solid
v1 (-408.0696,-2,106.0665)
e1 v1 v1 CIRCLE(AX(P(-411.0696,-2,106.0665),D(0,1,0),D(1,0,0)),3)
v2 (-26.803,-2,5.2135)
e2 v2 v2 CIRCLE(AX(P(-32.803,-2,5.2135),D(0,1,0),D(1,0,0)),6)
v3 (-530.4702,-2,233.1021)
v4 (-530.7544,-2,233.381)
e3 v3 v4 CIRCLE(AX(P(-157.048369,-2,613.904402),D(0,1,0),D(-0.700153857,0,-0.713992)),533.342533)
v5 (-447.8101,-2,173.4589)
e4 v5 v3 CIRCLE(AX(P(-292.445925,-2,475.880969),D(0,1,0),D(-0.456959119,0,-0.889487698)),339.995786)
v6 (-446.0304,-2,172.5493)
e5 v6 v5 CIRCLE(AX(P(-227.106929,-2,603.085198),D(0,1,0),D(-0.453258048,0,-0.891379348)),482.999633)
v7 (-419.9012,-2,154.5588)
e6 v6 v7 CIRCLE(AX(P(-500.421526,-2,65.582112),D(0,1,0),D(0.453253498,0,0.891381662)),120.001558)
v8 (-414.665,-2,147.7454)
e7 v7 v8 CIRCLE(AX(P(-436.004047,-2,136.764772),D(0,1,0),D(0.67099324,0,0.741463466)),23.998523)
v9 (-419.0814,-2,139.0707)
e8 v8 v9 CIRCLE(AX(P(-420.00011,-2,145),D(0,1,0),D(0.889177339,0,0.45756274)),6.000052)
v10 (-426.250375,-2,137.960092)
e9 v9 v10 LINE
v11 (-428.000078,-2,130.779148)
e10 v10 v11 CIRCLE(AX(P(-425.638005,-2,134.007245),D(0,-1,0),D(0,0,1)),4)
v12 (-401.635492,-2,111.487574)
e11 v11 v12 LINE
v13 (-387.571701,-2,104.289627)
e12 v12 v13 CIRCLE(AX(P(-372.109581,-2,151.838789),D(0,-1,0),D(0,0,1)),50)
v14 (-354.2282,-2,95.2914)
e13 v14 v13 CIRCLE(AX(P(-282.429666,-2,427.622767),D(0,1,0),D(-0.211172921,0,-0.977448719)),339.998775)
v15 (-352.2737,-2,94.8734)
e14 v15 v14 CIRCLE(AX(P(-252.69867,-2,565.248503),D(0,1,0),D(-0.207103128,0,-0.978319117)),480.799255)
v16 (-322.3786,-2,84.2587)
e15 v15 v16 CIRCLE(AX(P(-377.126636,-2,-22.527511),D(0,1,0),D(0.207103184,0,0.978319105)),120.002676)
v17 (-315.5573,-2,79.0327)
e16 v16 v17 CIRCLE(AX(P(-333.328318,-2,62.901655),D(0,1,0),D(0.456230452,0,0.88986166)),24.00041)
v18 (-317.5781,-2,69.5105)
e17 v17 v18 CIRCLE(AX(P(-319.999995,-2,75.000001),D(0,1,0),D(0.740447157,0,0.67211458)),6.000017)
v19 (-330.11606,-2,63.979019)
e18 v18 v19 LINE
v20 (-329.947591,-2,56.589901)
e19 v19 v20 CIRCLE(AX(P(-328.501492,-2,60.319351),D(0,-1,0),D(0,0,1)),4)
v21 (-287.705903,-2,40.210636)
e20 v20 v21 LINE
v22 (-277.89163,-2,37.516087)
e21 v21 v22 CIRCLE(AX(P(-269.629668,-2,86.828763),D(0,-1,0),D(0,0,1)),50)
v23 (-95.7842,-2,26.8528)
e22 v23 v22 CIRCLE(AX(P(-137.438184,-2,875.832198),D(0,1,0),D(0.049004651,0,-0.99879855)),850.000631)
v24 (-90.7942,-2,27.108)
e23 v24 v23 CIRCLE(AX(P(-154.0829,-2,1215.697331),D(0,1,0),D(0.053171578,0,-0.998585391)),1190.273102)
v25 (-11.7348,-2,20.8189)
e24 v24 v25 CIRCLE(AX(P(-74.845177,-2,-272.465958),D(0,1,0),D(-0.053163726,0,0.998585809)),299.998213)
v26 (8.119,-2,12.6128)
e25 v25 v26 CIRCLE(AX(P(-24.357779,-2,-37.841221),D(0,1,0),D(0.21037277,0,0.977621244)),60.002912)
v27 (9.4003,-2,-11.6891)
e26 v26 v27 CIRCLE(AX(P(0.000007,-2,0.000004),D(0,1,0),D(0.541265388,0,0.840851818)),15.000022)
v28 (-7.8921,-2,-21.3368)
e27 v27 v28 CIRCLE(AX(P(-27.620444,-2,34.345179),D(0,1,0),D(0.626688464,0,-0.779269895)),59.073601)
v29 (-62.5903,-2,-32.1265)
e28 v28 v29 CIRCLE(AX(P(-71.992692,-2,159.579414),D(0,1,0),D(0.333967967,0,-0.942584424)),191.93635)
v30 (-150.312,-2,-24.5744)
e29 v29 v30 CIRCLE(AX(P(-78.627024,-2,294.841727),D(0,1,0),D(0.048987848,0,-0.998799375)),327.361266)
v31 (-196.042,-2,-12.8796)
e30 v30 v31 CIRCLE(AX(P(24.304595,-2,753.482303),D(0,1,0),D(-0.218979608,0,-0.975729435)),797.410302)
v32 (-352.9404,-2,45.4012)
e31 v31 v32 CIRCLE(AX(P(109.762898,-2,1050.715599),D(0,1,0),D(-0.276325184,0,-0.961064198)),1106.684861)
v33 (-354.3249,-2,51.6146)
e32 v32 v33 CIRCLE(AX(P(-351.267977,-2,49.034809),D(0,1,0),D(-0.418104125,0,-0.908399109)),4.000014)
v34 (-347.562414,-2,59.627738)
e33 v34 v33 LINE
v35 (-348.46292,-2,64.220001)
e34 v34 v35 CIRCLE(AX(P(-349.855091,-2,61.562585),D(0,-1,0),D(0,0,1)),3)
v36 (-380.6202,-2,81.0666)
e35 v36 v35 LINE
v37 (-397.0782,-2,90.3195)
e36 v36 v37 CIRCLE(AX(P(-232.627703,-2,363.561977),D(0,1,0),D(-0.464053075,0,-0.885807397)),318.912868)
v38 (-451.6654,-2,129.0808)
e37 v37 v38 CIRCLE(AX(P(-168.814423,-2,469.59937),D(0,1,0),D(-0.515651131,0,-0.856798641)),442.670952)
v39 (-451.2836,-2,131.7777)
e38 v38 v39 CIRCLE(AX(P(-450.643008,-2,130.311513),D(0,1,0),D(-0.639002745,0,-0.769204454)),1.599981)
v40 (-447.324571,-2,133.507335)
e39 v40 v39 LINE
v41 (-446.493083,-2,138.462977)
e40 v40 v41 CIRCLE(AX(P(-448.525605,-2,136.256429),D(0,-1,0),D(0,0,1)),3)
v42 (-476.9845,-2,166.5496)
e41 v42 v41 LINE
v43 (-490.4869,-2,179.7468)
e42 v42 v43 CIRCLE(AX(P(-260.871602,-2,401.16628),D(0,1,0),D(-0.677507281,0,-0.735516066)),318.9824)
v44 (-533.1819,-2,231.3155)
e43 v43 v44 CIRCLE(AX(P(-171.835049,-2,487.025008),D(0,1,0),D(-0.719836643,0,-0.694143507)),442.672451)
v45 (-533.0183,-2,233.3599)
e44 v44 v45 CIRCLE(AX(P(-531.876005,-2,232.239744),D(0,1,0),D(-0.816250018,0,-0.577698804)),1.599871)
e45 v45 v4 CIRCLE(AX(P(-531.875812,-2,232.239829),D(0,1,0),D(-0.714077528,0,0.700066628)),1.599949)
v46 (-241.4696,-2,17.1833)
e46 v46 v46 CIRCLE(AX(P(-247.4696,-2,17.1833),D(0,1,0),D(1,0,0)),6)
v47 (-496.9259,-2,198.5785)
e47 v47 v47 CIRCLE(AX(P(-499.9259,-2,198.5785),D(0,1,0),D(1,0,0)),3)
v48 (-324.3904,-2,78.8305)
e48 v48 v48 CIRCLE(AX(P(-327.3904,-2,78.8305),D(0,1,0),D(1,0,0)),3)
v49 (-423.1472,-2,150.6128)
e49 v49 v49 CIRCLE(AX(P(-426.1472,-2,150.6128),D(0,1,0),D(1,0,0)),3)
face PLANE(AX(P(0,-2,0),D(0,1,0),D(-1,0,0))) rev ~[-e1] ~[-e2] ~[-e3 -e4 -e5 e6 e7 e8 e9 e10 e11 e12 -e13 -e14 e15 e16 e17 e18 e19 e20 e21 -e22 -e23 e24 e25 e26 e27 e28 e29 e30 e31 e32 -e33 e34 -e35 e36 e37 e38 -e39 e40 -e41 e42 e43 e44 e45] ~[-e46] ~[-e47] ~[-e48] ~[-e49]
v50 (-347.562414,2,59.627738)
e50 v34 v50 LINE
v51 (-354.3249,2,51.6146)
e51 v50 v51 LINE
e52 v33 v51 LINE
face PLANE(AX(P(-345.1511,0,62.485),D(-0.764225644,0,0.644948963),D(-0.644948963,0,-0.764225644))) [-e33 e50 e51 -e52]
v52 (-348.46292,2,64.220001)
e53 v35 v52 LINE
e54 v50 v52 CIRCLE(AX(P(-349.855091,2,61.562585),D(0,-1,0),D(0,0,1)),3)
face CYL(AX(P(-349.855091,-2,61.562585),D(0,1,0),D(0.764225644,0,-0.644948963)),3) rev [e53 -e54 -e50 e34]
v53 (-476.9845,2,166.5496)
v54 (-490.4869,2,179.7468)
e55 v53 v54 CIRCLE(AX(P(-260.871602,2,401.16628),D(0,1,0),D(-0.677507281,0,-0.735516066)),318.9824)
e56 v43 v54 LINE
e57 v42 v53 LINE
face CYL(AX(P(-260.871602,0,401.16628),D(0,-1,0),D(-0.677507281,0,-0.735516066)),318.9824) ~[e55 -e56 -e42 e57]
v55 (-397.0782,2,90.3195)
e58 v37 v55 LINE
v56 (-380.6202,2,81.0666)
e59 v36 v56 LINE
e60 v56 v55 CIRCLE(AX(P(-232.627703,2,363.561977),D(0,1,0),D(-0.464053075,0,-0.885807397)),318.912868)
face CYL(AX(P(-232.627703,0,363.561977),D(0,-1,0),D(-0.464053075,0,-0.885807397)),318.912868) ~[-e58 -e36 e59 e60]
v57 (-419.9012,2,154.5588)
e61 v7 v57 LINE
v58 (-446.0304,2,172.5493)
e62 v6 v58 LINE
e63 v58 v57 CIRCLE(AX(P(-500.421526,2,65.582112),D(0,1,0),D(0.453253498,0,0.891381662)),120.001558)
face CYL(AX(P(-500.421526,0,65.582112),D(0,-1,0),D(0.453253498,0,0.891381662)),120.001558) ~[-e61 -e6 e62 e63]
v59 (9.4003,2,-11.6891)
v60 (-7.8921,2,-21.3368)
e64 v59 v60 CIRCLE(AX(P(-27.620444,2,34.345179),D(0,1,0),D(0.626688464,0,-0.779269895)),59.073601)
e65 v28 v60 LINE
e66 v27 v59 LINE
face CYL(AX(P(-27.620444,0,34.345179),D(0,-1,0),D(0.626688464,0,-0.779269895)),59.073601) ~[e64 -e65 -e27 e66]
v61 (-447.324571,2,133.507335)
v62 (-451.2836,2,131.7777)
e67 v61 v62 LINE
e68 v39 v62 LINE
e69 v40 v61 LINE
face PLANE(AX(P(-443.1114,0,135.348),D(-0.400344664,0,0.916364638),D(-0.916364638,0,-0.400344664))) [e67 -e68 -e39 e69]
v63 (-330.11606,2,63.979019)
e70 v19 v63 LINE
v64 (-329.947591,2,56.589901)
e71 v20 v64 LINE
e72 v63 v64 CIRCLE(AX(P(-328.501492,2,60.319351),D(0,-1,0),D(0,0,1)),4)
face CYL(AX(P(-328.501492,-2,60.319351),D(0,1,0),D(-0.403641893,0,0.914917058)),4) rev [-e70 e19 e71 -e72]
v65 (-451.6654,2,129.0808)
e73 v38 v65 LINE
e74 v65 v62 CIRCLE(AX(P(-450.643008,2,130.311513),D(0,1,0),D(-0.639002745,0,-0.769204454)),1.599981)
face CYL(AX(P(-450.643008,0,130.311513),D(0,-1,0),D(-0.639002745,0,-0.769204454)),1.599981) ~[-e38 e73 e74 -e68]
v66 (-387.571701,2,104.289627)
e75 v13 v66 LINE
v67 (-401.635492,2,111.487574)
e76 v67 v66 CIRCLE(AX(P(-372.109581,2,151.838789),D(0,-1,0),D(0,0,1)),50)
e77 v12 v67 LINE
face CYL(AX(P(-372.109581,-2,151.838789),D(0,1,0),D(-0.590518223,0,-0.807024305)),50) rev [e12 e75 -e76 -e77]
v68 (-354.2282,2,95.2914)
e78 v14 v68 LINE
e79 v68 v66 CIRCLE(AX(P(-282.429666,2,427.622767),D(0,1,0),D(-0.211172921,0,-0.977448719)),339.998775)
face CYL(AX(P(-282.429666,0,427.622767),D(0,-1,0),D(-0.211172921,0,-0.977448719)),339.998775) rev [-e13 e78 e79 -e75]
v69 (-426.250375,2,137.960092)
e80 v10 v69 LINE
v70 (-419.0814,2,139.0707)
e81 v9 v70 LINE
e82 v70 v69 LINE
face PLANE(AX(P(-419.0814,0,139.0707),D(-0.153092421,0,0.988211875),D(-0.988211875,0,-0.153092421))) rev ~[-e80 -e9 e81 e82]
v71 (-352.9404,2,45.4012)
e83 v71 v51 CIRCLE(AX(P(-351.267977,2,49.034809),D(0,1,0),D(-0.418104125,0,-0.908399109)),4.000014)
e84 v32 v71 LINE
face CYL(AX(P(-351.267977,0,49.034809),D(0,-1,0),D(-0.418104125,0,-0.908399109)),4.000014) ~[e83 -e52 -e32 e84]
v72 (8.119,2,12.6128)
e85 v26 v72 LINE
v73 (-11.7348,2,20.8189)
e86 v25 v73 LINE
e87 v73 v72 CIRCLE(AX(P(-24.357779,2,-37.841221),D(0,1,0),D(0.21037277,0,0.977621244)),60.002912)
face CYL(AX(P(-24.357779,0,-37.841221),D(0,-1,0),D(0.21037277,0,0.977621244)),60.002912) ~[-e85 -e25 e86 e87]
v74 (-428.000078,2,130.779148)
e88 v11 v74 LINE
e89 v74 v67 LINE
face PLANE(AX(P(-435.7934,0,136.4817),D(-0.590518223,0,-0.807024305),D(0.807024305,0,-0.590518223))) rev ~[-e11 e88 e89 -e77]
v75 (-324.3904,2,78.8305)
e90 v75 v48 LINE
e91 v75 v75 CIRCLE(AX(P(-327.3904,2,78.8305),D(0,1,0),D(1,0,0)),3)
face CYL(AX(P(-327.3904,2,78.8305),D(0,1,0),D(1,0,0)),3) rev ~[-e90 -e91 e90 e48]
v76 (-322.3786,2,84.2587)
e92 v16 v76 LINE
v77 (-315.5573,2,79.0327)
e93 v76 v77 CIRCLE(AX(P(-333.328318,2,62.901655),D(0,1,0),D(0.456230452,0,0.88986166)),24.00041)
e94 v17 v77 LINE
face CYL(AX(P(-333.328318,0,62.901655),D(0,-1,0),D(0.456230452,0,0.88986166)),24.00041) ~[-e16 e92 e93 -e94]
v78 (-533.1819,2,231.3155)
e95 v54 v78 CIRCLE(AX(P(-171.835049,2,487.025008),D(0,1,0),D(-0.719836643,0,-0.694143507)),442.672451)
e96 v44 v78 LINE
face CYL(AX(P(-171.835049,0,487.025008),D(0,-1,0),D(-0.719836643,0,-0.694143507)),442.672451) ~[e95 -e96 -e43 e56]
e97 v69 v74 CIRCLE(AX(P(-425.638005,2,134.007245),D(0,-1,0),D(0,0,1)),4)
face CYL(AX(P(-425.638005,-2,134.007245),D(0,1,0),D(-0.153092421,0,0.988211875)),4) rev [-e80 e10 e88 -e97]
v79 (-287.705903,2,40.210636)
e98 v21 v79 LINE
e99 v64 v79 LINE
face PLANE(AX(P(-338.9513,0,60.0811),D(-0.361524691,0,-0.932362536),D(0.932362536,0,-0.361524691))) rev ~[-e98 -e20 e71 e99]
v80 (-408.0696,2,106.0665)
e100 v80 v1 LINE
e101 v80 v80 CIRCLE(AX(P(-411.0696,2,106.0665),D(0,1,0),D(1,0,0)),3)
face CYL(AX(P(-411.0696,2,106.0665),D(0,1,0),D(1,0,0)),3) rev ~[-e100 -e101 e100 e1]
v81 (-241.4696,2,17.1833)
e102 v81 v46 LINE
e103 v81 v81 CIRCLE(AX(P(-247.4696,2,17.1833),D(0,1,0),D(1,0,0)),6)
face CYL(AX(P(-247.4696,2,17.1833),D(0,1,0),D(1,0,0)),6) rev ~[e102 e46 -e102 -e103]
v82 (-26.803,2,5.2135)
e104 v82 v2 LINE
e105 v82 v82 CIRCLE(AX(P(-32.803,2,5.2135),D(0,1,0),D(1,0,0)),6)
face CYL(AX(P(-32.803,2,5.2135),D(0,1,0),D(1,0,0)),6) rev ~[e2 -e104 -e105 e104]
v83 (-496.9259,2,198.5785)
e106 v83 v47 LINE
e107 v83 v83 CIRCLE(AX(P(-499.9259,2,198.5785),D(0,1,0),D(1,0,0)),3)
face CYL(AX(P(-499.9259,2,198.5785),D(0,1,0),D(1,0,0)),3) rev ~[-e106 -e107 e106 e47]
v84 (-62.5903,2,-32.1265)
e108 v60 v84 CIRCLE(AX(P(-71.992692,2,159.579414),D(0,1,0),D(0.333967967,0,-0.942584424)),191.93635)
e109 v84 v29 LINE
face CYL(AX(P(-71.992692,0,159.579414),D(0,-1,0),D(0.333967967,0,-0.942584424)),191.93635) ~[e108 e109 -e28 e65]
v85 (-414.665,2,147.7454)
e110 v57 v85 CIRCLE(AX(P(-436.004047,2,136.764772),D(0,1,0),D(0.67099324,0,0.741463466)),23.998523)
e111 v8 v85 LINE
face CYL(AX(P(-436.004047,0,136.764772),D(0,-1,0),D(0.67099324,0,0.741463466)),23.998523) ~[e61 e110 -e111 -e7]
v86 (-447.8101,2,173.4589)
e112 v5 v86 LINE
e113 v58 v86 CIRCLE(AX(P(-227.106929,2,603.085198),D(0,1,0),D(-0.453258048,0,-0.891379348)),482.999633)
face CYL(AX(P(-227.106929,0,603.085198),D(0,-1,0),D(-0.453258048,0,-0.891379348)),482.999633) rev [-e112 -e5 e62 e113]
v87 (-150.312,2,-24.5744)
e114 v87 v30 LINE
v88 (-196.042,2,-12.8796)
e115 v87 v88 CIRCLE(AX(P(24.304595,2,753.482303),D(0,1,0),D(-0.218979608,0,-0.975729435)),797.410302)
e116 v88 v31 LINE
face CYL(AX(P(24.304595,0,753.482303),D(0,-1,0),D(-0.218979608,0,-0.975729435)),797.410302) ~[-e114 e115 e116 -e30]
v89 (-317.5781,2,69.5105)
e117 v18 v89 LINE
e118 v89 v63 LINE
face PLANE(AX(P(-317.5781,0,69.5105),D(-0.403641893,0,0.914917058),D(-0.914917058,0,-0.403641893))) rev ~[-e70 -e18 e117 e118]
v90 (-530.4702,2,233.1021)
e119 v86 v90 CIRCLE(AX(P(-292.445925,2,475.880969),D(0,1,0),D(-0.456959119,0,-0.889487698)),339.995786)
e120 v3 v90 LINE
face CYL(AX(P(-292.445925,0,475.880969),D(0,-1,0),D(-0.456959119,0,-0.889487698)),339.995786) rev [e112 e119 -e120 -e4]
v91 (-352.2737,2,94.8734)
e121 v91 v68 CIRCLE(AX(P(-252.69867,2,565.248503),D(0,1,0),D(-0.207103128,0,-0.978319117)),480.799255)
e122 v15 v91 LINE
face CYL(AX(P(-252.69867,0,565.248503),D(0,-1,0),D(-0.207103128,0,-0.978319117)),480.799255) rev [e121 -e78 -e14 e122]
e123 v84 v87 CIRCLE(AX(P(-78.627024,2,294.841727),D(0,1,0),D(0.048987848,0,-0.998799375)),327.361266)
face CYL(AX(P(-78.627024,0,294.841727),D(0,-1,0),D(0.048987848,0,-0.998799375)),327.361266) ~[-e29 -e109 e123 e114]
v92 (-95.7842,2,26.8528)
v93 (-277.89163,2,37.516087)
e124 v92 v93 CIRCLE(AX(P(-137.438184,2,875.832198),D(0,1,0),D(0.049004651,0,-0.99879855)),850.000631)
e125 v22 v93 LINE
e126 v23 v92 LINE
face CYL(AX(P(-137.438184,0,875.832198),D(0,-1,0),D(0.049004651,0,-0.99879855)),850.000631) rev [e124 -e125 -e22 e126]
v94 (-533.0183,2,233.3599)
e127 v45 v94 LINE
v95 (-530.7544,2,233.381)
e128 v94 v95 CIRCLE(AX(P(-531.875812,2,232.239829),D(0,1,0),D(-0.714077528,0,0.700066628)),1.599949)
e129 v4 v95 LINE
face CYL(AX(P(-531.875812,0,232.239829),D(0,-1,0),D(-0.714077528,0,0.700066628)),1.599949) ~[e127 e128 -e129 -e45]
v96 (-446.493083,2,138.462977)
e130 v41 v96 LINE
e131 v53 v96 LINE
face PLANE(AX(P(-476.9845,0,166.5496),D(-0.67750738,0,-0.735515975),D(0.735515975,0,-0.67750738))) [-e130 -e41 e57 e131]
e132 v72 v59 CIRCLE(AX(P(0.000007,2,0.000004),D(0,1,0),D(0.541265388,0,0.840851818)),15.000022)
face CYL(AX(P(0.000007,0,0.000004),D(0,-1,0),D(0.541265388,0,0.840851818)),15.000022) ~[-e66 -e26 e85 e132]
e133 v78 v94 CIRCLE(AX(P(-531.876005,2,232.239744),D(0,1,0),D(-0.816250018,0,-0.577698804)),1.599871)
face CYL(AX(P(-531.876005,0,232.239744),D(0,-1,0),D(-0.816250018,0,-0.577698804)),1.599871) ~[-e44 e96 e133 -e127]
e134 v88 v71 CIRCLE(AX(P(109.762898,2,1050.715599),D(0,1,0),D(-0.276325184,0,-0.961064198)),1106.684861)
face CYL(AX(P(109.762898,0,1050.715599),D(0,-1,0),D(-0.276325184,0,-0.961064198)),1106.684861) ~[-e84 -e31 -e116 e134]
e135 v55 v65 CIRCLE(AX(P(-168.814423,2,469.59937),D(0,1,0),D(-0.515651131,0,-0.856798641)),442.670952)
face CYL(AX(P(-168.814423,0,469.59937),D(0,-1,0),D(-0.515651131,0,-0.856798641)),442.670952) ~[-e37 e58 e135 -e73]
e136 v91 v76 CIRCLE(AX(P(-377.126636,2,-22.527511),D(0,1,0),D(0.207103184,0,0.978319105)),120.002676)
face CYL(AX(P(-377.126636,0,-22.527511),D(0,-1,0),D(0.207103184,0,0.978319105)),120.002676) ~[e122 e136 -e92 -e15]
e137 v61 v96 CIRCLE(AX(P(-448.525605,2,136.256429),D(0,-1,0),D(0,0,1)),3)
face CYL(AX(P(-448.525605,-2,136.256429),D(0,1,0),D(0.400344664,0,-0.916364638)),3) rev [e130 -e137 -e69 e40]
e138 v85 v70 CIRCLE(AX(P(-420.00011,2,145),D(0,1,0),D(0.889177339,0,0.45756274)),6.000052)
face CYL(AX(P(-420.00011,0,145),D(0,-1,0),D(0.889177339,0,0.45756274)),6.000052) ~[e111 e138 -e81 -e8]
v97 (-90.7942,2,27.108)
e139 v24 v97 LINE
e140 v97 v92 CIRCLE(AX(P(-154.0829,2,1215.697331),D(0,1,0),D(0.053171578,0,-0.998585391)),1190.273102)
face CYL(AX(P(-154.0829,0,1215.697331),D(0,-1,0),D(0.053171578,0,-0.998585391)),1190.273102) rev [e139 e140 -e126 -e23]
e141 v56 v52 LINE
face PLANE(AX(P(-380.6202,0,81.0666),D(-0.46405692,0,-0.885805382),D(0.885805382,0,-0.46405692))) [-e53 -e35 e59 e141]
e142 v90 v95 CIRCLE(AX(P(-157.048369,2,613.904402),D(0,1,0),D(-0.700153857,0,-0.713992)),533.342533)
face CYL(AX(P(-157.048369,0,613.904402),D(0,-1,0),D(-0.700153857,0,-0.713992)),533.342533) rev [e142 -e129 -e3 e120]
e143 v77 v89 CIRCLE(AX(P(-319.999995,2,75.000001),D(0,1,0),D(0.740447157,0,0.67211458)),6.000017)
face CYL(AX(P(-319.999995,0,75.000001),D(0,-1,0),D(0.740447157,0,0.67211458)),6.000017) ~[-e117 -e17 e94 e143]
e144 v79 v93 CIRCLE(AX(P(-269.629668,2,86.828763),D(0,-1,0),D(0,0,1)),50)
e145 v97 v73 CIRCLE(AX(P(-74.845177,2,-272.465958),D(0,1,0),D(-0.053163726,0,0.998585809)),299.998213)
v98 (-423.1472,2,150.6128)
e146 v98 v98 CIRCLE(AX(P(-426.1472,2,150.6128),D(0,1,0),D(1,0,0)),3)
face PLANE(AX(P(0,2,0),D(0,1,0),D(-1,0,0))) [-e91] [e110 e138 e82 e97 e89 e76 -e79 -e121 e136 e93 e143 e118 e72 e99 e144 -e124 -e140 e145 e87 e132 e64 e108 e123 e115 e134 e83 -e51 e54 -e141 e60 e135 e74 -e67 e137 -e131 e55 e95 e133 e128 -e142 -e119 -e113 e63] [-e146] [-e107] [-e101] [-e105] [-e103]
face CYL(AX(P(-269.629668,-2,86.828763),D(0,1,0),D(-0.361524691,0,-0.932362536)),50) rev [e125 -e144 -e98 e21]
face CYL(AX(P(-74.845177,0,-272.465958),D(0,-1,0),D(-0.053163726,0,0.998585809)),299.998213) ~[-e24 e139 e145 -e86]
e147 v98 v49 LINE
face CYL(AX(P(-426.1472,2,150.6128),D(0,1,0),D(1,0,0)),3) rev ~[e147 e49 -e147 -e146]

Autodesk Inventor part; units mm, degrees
ref_plane "YZ Plane" through (0, 0, 0) normal (1, 0, 0) x (0, 1, 0)
ref_plane "XZ Plane" through (0, 0, 0) normal (0, 1, 0) x (-1, 0, 0)
ref_plane "XY Plane" through (0, 0, 0) normal (0, 0, 1) x (1, 0, 0)
sketch "スケッチ1" plane through (0, 0, 0) normal (0, 1, 0) x (-1, 0, 0)
  arc A0 (352.9404, 45.4012) -> (350.2664, 52.9074) centre (351.268, 49.0348) ccw projected
  arc A1 (196.042, -12.8796) -> (352.9404, 45.4012) centre (-109.7603, 1050.7077) ccw projected
  arc A2 (150.312, -24.5744) -> (196.042, -12.8796) centre (-24.3171, 753.5344) ccw projected
  arc A3 (62.5903, -32.1265) -> (150.312, -24.5744) centre (78.6271, 294.8376) ccw projected
  arc A4 (7.8921, -21.3368) -> (62.5903, -32.1265) centre (71.9931, 159.5809) ccw projected
  arc A5 (-9.4003, -11.6891) -> (7.8921, -21.3368) centre (27.6212, 34.3463) ccw projected
  arc A6 (-8.119, 12.6128) -> (-9.4003, -11.6891) centre (0, 0) ccw projected
  arc A7 (11.7348, 20.8189) -> (-8.119, 12.6128) centre (24.3569, -37.8384) ccw projected
  arc A8 (90.7942, 27.108) -> (11.7348, 20.8189) centre (74.8452, -272.4677) ccw projected
  arc A9 (90.7942, 27.108) -> (95.7842, 26.8528) centre (154.5899, 1225.411) ccw projected
  arc A10 (95.7842, 26.8528) -> (350.2664, 52.9074) centre (137.4382, 875.8316) ccw projected
  arc A11 (451.6654, 129.0808) -> (449.8552, 131.7041) centre (450.6431, 130.3115) ccw projected
  arc A12 (397.0782, 90.3195) -> (451.6654, 129.0808) centre (168.8146, 469.5991) ccw projected
  arc A13 (380.6202, 81.0666) -> (397.0782, 90.3195) centre (232.593, 363.6259) ccw projected
  arc A14 (347.509, 69.0671) -> (380.6202, 81.0666) centre (319.8553, 197.0566) ccw projected
  arc A15 (325.2582, 67.5731) -> (347.509, 69.0671) centre (331.295, 144.1106) ccw projected
  arc A16 (317.5781, 69.5105) -> (325.2582, 67.5731) centre (327.1162, 91.13) ccw projected
  arc A17 (315.5573, 79.0327) -> (317.5781, 69.5105) centre (320, 75) ccw projected
  arc A18 (322.3786, 84.2587) -> (315.5573, 79.0327) centre (333.3281, 62.902) ccw projected
  arc A19 (352.2737, 94.8734) -> (322.3786, 84.2587) centre (377.1259, -22.5249) ccw projected
  arc A20 (352.2737, 94.8734) -> (354.2282, 95.2914) centre (252.865, 564.4668) ccw projected
  arc A21 (354.2282, 95.2914) -> (449.8552, 131.7041) centre (282.4293, 427.624) ccw projected
  arc A22 (533.1819, 231.3155) -> (533.0183, 233.3599) centre (531.8758, 232.2398) ccw projected
  arc A23 (490.4869, 179.7468) -> (533.1819, 231.3155) centre (171.8364, 487.0238) ccw projected
  arc A24 (476.9845, 166.5496) -> (490.4869, 179.7468) centre (260.8694, 401.1686) ccw projected
  arc A25 (448.1072, 146.3891) -> (476.9845, 166.5496) centre (388.2697, 262.8602) ccw projected
  arc A26 (427.0013, 139.1871) -> (448.1072, 146.3891) centre (413.023, 214.679) ccw projected
  arc A27 (419.0814, 139.0707) -> (427.0013, 139.1871) centre (422.699, 162.4222) ccw projected
  arc A28 (414.665, 147.7454) -> (419.0814, 139.0707) centre (420, 145) ccw projected
  arc A29 (419.9012, 154.5588) -> (414.665, 147.7454) centre (436.0051, 136.7638) ccw projected
  arc A30 (446.0304, 172.5493) -> (419.9012, 154.5588) centre (500.4207, 65.5835) ccw projected
  arc A31 (446.0304, 172.5493) -> (447.8101, 173.4589) centre (228.4693, 600.4128) ccw projected
  arc A32 (447.8101, 173.4589) -> (530.4702, 233.1021) centre (292.4437, 475.8846) ccw projected
  line L0 (530.4702, 233.1021) -> (525.5697, 238.1005) projected
  line L1 (525.5697, 238.1005) -> (526.9978, 239.5007) projected
  line L2 (526.9978, 239.5007) -> (533.0183, 233.3599) projected
  arc A33 (530.4702, 233.1021) -> (530.7544, 233.381) centre (292.4437, 475.8846) ccw
  arc A34 (533.0183, 233.3599) -> (530.7544, 233.381) centre (531.8758, 232.2398) ccw
  line L3 (317.5781, 69.5105) -> (338.9513, 60.0811)
  line L4 (338.9513, 60.0811) -> (283.0095, 38.3896)
  line L5 (380.6202, 81.0666) -> (345.1511, 62.485)
  line L6 (345.1511, 62.485) -> (354.3249, 51.6146)
  line L7 (419.0814, 139.0707) -> (435.7934, 136.4817)
  line L8 (435.7934, 136.4817) -> (395.4422, 106.9558)
  line L9 (476.9845, 166.5496) -> (443.1114, 135.348)
  line L10 (443.1114, 135.348) -> (451.2836, 131.7777)
  point P0 (0, 0)
  dimension "d2" = 45
  dimension "d3" = 45
  dimension "d4" = 60
  dimension "d5" = 50
extrude "押し出し1" add sketch "スケッチ1" along normal mid plane 4 contours A1 A2 A3 A4 A5 A6 A7 A8 A9 A10 A0 | A0 A10 L4 L3 A16 A15 A14 L5 L6 | A14 A15 A16 A17 A18 A19 A20 A21 A11 A12 A13 | A11 A21 L8 L7 A27 A26 A25 L9 L10 | A25 A26 A27 A28 A29 A30 A31 A32 A33 A34 A22 A23 A24
fillet "フィレット1" radius 4 2 edges at (-338.9513, 0, 60.0811) (-435.7934, 0, 136.4817)
fillet "フィレット1" radius 3 2 edges at (-443.1114, 0, 135.348) (-345.1511, 0, 62.485)
fillet "フィレット1" radius 50 2 edges at (-395.4422, 0, 106.9558) (-283.0095, 0, 38.3896)
sketch "スケッチ2" plane through (0, 2, 0) normal (0, 1, 0) x (1, 0, 0)
  circle A0 centre (-32.803, -5.2135) radius 6 projected
  circle A1 centre (-247.4696, -17.1833) radius 6 projected
  circle A2 centre (-327.3904, -78.8305) radius 3 projected
  circle A3 centre (-411.0696, -106.0665) radius 3 projected
  circle A4 centre (-426.1472, -150.6128) radius 3 projected
  circle A5 centre (-499.9259, -198.5785) radius 3 projected
  point P0 (0, 0)
extrude "押し出し2" cut sketch "スケッチ2" against normal through all
properties part number "bracket" material "木材 (オーク)"
